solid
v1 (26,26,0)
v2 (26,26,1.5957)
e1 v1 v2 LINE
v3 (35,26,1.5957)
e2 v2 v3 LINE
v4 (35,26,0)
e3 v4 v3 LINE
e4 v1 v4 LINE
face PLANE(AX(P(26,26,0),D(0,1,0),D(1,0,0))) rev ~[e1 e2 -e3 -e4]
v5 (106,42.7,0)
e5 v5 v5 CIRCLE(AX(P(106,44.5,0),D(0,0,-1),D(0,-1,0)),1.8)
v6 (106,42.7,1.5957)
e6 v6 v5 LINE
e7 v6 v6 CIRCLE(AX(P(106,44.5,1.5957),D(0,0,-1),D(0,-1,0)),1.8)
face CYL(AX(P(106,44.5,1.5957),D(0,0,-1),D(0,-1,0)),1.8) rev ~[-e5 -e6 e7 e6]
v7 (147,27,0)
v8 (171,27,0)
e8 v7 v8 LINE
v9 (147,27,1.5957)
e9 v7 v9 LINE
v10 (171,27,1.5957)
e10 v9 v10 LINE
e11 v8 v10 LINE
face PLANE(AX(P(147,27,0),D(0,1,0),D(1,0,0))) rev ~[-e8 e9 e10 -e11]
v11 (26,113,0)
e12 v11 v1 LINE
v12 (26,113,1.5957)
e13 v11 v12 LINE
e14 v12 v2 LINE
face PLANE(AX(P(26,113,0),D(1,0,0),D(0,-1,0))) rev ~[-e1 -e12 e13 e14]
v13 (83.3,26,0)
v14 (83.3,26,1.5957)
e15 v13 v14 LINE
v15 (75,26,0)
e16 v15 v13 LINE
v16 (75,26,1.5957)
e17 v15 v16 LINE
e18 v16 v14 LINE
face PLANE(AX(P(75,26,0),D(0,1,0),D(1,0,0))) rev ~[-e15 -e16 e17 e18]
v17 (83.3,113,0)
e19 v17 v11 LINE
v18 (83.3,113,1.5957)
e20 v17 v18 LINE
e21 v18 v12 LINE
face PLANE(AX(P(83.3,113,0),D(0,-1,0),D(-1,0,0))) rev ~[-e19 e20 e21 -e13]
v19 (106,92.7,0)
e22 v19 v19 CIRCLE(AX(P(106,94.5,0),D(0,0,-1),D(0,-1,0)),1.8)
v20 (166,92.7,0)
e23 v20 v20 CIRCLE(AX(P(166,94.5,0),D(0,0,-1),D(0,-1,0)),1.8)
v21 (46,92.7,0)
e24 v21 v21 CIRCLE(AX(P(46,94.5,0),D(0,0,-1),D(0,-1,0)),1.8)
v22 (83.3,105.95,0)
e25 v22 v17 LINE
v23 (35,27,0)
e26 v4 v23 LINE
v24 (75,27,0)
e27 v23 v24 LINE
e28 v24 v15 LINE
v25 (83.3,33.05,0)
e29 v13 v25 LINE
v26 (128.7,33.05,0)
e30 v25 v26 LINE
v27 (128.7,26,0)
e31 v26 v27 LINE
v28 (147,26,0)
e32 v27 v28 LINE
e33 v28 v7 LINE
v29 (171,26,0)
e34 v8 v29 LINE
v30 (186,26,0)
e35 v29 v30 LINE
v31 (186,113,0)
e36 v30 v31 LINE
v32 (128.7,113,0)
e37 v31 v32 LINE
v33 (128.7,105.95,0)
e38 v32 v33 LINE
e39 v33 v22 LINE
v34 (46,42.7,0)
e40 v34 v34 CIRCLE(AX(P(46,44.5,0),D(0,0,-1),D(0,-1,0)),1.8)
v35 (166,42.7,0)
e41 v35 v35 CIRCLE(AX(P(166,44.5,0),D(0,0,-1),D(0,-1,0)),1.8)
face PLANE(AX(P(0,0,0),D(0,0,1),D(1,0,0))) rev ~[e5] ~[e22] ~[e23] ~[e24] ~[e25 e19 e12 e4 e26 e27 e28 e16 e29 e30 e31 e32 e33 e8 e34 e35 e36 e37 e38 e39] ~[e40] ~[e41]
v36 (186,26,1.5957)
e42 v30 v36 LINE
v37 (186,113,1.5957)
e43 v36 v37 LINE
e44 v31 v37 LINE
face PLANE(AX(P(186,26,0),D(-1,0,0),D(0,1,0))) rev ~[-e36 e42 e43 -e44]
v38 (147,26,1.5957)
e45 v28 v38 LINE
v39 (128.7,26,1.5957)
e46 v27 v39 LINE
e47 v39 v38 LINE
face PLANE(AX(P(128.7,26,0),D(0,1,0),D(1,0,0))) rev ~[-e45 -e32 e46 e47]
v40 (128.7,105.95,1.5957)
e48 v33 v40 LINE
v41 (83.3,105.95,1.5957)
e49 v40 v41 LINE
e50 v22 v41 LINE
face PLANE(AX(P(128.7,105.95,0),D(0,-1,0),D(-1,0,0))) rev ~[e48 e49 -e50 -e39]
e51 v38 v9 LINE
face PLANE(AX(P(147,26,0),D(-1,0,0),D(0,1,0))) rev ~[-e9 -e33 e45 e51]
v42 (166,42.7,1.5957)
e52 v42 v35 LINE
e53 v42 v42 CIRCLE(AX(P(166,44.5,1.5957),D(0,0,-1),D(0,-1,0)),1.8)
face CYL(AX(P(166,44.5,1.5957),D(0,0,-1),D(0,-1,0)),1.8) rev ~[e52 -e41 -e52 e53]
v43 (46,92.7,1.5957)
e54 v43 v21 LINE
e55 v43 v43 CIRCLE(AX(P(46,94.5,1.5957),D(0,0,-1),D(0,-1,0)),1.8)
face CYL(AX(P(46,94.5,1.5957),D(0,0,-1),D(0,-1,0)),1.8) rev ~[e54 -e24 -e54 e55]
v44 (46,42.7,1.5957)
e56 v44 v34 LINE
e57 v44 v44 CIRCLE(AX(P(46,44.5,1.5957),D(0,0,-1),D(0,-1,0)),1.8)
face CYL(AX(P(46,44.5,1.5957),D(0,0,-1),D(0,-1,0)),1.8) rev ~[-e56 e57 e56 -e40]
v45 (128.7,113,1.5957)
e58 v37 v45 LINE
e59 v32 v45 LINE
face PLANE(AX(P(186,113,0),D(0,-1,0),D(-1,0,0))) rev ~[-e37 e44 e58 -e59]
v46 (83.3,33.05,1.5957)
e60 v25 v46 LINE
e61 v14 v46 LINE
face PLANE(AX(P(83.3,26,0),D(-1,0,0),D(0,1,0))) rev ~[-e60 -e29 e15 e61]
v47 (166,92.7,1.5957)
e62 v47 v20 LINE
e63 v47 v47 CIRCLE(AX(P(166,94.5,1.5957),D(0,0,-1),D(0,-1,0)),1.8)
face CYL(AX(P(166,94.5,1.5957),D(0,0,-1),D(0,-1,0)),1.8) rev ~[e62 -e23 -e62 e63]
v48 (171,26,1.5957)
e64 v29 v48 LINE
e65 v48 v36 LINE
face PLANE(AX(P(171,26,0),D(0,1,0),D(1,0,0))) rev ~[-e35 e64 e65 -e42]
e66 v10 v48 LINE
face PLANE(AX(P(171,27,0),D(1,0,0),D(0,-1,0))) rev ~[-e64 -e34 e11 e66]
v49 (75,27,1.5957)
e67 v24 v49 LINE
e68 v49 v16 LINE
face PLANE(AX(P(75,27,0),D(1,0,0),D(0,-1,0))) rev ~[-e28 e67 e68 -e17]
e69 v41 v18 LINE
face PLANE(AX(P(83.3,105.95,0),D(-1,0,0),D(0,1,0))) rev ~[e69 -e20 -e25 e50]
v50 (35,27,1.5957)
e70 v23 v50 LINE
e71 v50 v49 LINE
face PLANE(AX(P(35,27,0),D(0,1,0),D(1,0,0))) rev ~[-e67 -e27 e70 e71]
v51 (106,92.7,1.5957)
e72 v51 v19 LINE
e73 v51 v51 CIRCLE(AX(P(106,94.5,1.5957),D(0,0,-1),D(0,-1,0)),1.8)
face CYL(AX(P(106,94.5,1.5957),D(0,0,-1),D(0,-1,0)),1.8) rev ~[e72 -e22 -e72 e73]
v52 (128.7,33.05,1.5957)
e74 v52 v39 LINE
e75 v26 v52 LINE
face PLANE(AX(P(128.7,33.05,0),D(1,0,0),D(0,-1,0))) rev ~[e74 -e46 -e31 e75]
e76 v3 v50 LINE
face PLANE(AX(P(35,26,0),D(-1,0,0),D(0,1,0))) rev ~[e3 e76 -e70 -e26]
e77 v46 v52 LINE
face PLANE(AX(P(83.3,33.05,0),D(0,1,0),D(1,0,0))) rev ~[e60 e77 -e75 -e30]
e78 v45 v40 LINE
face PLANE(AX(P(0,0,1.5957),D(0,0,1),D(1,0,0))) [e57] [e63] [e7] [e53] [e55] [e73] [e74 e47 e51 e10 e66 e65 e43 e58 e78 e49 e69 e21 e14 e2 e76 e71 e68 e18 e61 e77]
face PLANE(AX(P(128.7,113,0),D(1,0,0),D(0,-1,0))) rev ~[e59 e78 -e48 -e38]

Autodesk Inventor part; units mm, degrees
ref_plane "YZ Plane" through (0, 0, 0) normal (1, 0, 0) x (0, 1, 0)
ref_plane "XZ Plane" through (0, 0, 0) normal (0, 1, 0) x (-1, 0, 0)
ref_plane "BoardFrontPlane" through (0, 0, 0) normal (0, 0, 1) x (1, 0, 0)
sketch "Sketch1" plane through (0, 0, 0) normal (0, 0, 1) x (1, 0, 0)
  line L0 (35, 26) -> (35, 27)
  line L1 (35, 27) -> (75, 27)
  line L2 (75, 27) -> (75, 26)
  line L3 (75, 26) -> (83.3, 26)
  line L4 (83.3, 26) -> (83.3, 33.05)
  line L5 (83.3, 33.05) -> (128.7, 33.05)
  line L6 (128.7, 33.05) -> (128.7, 26)
  line L7 (128.7, 26) -> (147, 26)
  line L8 (147, 26) -> (147, 27)
  line L9 (147, 27) -> (171, 27)
  line L10 (171, 27) -> (171, 26)
  line L11 (171, 26) -> (186, 26)
  line L12 (186, 26) -> (186, 113)
  line L13 (186, 113) -> (128.7, 113)
  line L14 (128.7, 113) -> (128.7, 105.95)
  line L15 (128.7, 105.95) -> (83.3, 105.95)
  line L16 (83.3, 105.95) -> (83.3, 113)
  line L17 (83.3, 113) -> (26, 113)
  line L18 (26, 113) -> (26, 26)
  line L19 (26, 26) -> (35, 26)
extrude "BoardOutline" add sketch "Sketch1" along normal blind 1.5957
ref_plane "Work Plane2" through (106, 26, 0) normal (1, 0, 0) x (0, 0, -1)
ref_plane "Work Plane3" through (171, 69.5, 0) normal (0, -1, 0) x (1, 0, 0)
sketch "Sketch4" plane through (0, 0, 1.5957) normal (0, 0, 1) x (1, 0, 0)
  line L0 (83.3, 26) -> (83.3, 33.05)
  line L1 (83.3, 33.05) -> (128.7, 33.05)
  line L2 (128.7, 33.05) -> (128.7, 26)
  line L3 (26, 113) -> (26, 26) projected
  line L4 (83.3, 26) -> (128.7, 26)
  point P0 (83.3, 29.525)
  point P1 (186, 26)
  dimension "d9" = 57.3
  dimension "d10" = 57.3
  dimension "d11" = 7.05
sketch "Sketch8" plane through (0, 0, 1.5957) normal (0, 0, 1) x (1, 0, 0)
  point P0 (106, 94.5)
hole "Free-Hole1_1" at (106, 94.5, 1.5957) direction (0, 0, -1) diameter 3.6 end through all
sketch "Sketch9" plane through (0, 0, 1.5957) normal (0, 0, 1) x (1, 0, 0)
  point P0 (106, 44.5)
hole "Free-Hole1_2_1" at (106, 44.5, 1.5957) direction (0, 0, -1) diameter 3.6 end through all
sketch "Sketch11" plane through (0, 0, 1.5957) normal (0, 0, 1) x (1, 0, 0)
  point P0 (46, 94.5)
hole "Free-Hole4_1" at (46, 94.5, 1.5957) direction (0, 0, -1) diameter 3.6 end through all
sketch "Sketch12" plane through (0, 0, 1.5957) normal (0, 0, 1) x (1, 0, 0)
  point P0 (46, 44.5)
hole "Free-Hole4_2_1" at (46, 44.5, 1.5957) direction (0, 0, -1) diameter 3.6 end through all
sketch "Sketch13" plane through (0, 0, 1.5957) normal (0, 0, 1) x (1, 0, 0)
  point P0 (166, 44.5)
hole "Free-Hole4_3_1" at (166, 44.5, 1.5957) direction (0, 0, -1) diameter 3.6 end through all
sketch "Sketch14" plane through (0, 0, 1.5957) normal (0, 0, 1) x (1, 0, 0)
  point P0 (166, 94.5)
hole "Free-Hole4_4_1" at (166, 94.5, 1.5957) direction (0, 0, -1) diameter 3.6 end through all
sketch "img_Top" plane through (0, 0, 1.5957) normal (0, 0, 1) x (1, 0, 0)
  line L0 (26, 113) -> (186, 113) construction
  line L1 (186, 113) -> (186, 26.0021) construction
  line L2 (186, 26.0021) -> (26, 26.0021) construction
  line L3 (26, 26.0021) -> (26, 113) construction
decal "Decal_Top"
properties part number "ledbrick_plus_led_BOARD"
